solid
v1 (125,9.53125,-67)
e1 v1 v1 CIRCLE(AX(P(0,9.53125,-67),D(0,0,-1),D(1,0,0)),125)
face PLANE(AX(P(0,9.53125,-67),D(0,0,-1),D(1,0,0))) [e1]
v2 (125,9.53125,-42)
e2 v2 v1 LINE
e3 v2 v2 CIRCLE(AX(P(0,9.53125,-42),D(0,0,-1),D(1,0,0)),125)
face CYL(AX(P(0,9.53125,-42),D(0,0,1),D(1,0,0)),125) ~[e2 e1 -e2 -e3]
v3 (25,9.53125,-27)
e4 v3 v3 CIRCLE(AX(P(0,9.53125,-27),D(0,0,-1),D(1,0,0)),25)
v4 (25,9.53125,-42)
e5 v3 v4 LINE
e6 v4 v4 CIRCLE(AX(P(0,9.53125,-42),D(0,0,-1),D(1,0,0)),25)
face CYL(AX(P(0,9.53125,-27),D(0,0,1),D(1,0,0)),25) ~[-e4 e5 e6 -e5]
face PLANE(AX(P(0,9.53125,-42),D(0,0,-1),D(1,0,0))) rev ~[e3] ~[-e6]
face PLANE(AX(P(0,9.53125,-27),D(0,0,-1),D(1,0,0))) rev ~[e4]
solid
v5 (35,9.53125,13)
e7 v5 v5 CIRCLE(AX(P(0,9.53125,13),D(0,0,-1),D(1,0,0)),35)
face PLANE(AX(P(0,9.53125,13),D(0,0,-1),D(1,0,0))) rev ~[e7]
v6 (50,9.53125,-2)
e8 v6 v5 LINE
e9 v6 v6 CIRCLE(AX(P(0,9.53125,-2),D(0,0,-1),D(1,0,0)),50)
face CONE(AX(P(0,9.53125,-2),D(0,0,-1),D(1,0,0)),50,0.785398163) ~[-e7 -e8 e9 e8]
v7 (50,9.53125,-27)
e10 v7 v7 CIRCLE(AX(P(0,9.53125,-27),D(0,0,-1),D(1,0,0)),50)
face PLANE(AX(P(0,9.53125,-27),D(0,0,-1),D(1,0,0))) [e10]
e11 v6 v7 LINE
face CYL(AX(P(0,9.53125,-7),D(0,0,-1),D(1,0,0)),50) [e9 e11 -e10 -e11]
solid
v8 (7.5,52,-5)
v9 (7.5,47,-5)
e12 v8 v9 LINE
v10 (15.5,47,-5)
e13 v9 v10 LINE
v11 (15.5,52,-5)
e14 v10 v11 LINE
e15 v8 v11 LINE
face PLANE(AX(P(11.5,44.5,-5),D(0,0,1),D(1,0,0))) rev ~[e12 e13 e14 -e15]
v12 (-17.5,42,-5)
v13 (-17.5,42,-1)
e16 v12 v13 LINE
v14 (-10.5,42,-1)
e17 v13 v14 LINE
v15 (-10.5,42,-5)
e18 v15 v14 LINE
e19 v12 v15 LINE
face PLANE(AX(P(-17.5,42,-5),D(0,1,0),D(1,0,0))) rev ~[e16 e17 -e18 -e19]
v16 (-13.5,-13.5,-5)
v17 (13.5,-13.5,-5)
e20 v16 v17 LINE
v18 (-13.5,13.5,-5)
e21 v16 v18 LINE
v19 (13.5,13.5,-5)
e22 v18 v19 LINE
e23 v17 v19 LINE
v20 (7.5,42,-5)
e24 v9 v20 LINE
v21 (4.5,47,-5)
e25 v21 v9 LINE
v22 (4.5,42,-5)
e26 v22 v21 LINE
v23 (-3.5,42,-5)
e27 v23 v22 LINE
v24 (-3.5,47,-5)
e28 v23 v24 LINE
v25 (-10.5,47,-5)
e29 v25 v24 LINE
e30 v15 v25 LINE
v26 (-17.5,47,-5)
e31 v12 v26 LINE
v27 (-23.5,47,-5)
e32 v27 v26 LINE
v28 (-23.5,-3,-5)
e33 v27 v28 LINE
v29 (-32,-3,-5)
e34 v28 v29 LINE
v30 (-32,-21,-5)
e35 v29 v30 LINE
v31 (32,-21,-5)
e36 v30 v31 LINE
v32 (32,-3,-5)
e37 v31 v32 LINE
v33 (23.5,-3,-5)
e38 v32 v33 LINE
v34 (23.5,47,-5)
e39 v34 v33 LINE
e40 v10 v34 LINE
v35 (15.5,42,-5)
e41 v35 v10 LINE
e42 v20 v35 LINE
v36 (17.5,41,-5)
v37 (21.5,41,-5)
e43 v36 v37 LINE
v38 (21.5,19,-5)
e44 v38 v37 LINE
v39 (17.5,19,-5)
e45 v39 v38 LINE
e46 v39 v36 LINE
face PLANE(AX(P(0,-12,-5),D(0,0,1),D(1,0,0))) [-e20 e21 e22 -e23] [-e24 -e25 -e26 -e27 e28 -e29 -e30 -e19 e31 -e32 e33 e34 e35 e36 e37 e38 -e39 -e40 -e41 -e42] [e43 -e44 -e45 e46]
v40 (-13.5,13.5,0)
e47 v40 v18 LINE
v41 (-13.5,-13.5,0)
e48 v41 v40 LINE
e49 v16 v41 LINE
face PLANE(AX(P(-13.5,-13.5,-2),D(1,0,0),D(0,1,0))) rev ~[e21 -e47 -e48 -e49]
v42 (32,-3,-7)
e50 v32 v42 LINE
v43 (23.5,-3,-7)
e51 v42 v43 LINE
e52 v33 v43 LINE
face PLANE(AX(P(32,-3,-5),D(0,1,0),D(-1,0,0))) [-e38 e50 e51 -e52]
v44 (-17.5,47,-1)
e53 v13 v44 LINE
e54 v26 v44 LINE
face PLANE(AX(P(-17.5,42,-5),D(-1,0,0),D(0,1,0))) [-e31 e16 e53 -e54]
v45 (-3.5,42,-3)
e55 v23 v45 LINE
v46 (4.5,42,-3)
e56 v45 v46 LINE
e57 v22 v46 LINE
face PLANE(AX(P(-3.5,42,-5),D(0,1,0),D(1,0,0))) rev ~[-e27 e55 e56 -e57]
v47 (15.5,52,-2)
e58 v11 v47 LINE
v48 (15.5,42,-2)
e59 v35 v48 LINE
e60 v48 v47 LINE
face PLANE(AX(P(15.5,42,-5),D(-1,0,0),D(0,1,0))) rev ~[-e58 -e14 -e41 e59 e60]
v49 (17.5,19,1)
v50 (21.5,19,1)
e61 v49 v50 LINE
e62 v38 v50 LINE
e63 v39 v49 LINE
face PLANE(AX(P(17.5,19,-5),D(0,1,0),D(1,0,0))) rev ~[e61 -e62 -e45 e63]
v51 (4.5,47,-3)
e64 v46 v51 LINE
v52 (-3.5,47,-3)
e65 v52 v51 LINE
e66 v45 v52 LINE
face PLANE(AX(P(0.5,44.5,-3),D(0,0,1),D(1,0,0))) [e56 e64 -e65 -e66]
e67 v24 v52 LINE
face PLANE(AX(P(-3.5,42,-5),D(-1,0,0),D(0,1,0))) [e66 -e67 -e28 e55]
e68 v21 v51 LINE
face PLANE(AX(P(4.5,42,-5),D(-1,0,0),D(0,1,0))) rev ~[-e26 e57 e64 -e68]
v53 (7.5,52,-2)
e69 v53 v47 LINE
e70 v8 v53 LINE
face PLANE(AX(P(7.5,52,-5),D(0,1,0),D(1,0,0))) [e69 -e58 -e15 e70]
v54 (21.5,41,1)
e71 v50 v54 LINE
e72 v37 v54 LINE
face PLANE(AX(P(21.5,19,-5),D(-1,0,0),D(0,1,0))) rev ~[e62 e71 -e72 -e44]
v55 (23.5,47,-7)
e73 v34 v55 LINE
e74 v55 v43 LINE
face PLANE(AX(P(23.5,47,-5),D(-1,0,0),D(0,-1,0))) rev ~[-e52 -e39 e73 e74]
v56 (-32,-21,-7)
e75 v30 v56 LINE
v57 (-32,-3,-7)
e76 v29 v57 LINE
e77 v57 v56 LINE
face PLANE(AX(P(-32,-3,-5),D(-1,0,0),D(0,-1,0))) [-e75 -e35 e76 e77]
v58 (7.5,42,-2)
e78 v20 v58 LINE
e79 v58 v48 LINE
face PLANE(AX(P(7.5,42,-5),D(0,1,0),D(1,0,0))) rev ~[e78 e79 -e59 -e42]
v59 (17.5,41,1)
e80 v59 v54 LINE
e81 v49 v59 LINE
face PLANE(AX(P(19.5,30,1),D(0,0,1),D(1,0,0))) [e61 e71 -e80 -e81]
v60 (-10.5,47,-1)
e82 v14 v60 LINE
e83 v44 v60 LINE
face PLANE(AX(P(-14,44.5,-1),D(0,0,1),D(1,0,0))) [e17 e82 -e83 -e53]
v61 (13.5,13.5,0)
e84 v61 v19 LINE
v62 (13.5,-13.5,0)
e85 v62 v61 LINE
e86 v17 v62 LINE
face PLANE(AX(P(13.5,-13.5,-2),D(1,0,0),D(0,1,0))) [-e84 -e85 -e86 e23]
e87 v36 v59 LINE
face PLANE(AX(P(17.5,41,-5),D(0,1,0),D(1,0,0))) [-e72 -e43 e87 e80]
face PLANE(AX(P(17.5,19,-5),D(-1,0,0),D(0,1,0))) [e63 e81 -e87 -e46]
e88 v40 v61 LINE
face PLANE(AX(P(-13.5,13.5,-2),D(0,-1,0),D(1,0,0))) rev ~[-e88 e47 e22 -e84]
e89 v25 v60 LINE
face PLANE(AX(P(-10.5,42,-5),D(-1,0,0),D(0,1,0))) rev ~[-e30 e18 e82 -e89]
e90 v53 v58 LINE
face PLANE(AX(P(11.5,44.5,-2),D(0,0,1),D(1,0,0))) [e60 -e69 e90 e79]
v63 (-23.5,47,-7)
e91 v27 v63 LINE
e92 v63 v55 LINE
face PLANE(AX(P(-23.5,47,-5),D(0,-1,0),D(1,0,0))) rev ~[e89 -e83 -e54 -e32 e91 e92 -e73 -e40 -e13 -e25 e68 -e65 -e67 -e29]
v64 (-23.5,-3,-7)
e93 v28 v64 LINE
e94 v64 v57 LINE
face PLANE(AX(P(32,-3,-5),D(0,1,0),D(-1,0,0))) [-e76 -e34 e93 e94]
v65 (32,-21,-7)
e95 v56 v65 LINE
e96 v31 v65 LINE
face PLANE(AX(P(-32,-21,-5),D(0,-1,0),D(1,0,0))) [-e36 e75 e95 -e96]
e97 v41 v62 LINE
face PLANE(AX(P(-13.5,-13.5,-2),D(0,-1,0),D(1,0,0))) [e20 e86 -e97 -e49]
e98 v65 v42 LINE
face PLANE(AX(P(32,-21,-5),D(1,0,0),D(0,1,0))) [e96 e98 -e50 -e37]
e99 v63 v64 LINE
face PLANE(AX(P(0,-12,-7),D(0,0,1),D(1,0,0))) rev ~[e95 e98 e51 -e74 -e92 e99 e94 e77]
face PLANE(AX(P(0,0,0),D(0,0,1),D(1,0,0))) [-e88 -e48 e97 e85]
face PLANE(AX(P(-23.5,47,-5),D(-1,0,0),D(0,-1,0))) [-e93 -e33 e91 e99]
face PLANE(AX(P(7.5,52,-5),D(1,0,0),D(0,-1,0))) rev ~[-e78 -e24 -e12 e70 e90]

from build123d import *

# Parameters (mm, degrees)
F0_W           = 27
F0_H           = 27
F1_DEPTH       = 2
F3_W           = 47
F3_H           = 50
F4_DEPTH       = 2
F6_DEPTH       = 2
F7_DEPTH       = 3
F8_W           = 8
F8_H           = 5
F9_DEPTH       = 2
F10_W          = 8
F10_H          = 5
F11_DEPTH      = 3
F12_W          = 4
F12_H          = 22
F13_DEPTH      = 6
F14_W          = 7
F14_H          = 5
F15_DEPTH      = 4
F16_R          = 50
F16_R_2        = 47.5
F17_DEPTH      = 20
F17_DEPTH_BACK = 20
F18_SIZE       = 15
F19_R          = 25
F20_DEPTH      = 15
F21_R          = 125
F21_R_2        = 25
F22_DEPTH      = 25


with BuildPart() as f1:
    # F0 (on Top) → F1 (new body)
    with BuildSketch(Plane.XY):
        Rectangle(F0_W, F0_H)
    extrude(amount=-F1_DEPTH)


with BuildPart() as f4:
    # F3 (on offset) → F4 (new body)
    with BuildSketch(Plane(origin=(0, 0, -5), x_dir=(1, 0, 0), z_dir=(0, 0, -1))):
        with Locations((0, -22)):
            Rectangle(F3_W, F3_H)
    extrude(amount=F4_DEPTH)

    # F5 (on face) → F6 (join)
    with BuildSketch(Plane.XY.offset(-5)):
        Polygon((32, -21), (32, -3), (23.5, -3), (-23.5, -3), (-32, -3), (-32, -21), align=None)
    extrude(amount=-F6_DEPTH)

    # F8 (on face) → F9 (join)
    with BuildSketch(Plane.XY.offset(-5)):
        with Locations((0.5, 44.5)):
            Rectangle(F8_W, F8_H)
    extrude(amount=F9_DEPTH)

    # F10 (on face) → F11 (join)
    with BuildSketch(Plane.XY.offset(-5)):
        with Locations((11.5, 44.5)):
            Rectangle(F10_W, F10_H)
        with Locations((11.5, 49.5)):
            Rectangle(F10_W, F10_H)
    extrude(amount=F11_DEPTH)

    # F12 (on face) → F13 (join)
    with BuildSketch(Plane.XY.offset(-5)):
        with Locations((19.5, 30)):
            Rectangle(F12_W, F12_H)
    extrude(amount=F13_DEPTH)


with BuildPart() as f7:
    # F7 (new, through all): a face of the model
    f7_faces = [f1.part.faces().sort_by_distance(p)[0] for p in [
        (0, 0, -2),
    ]]
    extrude(f7_faces, amount=F7_DEPTH)


with BuildPart() as f1_1:
    add(f1.part)

    add(f4.part)  # F15 merges F4

    add(f7.part)  # F15 merges F7
    # F14 (on face) → F15 (join)
    with BuildSketch(Plane.XY.offset(-5)):
        with Locations((-14, 44.5)):
            Rectangle(F14_W, F14_H)
    extrude(amount=F15_DEPTH)


with BuildPart() as f17:
    # F16 (on face) → F17 (new body, two sides)
    with BuildSketch(Plane(origin=(0, 0, -7), x_dir=(1, 0, 0), z_dir=(0, 0, -1))) as f17_sk:
        with Locations((0, -9.53125)):
            Circle(F16_R)
        with Locations((0, -9.53125)):
            Circle(F16_R_2, mode=Mode.SUBTRACT)
        with Locations((0, -9.53125)):
            Circle(F16_R_2)
        Polygon((32, 21), (32, 3), (23.5, 3), (23.5, -47), (-23.5, -47), (-23.5, 3), (-32, 3), (-32, 21), align=None, mode=Mode.SUBTRACT)
        Polygon((23.5, 3), (32, 3), (32, 21), (-32, 21), (-32, 3), (-23.5, 3), (-23.5, -47), (23.5, -47), align=None)
    extrude(amount=F17_DEPTH)
    extrude(f17_sk.sketch, amount=-F17_DEPTH_BACK)

    # F18
    f18_edges = [f17.edges().sort_by_distance(p)[0] for p in [
        (-50, 9.53125, 13),
    ]]
    chamfer(f18_edges, length=F18_SIZE)


with BuildPart() as f20:
    # F19 (on face) → F20 (new body)
    with BuildSketch(Plane(origin=(0, 0, -27), x_dir=(1, 0, 0), z_dir=(0, 0, -1))):
        with Locations((0, -9.53125)):
            Circle(F19_R)
    extrude(amount=F20_DEPTH)

    # F21 (on face) → F22 (join)
    with BuildSketch(Plane(origin=(0, 0, -42), x_dir=(1, 0, 0), z_dir=(0, 0, -1))):
        with Locations((0, -9.53125)):
            Circle(F21_R)
        with Locations((0, -9.53125)):
            Circle(F21_R_2, mode=Mode.SUBTRACT)
        with Locations((0, -9.53125)):
            Circle(F21_R_2)
    extrude(amount=F22_DEPTH)


solid = Compound([f1_1.part, f17.part, f20.part])
